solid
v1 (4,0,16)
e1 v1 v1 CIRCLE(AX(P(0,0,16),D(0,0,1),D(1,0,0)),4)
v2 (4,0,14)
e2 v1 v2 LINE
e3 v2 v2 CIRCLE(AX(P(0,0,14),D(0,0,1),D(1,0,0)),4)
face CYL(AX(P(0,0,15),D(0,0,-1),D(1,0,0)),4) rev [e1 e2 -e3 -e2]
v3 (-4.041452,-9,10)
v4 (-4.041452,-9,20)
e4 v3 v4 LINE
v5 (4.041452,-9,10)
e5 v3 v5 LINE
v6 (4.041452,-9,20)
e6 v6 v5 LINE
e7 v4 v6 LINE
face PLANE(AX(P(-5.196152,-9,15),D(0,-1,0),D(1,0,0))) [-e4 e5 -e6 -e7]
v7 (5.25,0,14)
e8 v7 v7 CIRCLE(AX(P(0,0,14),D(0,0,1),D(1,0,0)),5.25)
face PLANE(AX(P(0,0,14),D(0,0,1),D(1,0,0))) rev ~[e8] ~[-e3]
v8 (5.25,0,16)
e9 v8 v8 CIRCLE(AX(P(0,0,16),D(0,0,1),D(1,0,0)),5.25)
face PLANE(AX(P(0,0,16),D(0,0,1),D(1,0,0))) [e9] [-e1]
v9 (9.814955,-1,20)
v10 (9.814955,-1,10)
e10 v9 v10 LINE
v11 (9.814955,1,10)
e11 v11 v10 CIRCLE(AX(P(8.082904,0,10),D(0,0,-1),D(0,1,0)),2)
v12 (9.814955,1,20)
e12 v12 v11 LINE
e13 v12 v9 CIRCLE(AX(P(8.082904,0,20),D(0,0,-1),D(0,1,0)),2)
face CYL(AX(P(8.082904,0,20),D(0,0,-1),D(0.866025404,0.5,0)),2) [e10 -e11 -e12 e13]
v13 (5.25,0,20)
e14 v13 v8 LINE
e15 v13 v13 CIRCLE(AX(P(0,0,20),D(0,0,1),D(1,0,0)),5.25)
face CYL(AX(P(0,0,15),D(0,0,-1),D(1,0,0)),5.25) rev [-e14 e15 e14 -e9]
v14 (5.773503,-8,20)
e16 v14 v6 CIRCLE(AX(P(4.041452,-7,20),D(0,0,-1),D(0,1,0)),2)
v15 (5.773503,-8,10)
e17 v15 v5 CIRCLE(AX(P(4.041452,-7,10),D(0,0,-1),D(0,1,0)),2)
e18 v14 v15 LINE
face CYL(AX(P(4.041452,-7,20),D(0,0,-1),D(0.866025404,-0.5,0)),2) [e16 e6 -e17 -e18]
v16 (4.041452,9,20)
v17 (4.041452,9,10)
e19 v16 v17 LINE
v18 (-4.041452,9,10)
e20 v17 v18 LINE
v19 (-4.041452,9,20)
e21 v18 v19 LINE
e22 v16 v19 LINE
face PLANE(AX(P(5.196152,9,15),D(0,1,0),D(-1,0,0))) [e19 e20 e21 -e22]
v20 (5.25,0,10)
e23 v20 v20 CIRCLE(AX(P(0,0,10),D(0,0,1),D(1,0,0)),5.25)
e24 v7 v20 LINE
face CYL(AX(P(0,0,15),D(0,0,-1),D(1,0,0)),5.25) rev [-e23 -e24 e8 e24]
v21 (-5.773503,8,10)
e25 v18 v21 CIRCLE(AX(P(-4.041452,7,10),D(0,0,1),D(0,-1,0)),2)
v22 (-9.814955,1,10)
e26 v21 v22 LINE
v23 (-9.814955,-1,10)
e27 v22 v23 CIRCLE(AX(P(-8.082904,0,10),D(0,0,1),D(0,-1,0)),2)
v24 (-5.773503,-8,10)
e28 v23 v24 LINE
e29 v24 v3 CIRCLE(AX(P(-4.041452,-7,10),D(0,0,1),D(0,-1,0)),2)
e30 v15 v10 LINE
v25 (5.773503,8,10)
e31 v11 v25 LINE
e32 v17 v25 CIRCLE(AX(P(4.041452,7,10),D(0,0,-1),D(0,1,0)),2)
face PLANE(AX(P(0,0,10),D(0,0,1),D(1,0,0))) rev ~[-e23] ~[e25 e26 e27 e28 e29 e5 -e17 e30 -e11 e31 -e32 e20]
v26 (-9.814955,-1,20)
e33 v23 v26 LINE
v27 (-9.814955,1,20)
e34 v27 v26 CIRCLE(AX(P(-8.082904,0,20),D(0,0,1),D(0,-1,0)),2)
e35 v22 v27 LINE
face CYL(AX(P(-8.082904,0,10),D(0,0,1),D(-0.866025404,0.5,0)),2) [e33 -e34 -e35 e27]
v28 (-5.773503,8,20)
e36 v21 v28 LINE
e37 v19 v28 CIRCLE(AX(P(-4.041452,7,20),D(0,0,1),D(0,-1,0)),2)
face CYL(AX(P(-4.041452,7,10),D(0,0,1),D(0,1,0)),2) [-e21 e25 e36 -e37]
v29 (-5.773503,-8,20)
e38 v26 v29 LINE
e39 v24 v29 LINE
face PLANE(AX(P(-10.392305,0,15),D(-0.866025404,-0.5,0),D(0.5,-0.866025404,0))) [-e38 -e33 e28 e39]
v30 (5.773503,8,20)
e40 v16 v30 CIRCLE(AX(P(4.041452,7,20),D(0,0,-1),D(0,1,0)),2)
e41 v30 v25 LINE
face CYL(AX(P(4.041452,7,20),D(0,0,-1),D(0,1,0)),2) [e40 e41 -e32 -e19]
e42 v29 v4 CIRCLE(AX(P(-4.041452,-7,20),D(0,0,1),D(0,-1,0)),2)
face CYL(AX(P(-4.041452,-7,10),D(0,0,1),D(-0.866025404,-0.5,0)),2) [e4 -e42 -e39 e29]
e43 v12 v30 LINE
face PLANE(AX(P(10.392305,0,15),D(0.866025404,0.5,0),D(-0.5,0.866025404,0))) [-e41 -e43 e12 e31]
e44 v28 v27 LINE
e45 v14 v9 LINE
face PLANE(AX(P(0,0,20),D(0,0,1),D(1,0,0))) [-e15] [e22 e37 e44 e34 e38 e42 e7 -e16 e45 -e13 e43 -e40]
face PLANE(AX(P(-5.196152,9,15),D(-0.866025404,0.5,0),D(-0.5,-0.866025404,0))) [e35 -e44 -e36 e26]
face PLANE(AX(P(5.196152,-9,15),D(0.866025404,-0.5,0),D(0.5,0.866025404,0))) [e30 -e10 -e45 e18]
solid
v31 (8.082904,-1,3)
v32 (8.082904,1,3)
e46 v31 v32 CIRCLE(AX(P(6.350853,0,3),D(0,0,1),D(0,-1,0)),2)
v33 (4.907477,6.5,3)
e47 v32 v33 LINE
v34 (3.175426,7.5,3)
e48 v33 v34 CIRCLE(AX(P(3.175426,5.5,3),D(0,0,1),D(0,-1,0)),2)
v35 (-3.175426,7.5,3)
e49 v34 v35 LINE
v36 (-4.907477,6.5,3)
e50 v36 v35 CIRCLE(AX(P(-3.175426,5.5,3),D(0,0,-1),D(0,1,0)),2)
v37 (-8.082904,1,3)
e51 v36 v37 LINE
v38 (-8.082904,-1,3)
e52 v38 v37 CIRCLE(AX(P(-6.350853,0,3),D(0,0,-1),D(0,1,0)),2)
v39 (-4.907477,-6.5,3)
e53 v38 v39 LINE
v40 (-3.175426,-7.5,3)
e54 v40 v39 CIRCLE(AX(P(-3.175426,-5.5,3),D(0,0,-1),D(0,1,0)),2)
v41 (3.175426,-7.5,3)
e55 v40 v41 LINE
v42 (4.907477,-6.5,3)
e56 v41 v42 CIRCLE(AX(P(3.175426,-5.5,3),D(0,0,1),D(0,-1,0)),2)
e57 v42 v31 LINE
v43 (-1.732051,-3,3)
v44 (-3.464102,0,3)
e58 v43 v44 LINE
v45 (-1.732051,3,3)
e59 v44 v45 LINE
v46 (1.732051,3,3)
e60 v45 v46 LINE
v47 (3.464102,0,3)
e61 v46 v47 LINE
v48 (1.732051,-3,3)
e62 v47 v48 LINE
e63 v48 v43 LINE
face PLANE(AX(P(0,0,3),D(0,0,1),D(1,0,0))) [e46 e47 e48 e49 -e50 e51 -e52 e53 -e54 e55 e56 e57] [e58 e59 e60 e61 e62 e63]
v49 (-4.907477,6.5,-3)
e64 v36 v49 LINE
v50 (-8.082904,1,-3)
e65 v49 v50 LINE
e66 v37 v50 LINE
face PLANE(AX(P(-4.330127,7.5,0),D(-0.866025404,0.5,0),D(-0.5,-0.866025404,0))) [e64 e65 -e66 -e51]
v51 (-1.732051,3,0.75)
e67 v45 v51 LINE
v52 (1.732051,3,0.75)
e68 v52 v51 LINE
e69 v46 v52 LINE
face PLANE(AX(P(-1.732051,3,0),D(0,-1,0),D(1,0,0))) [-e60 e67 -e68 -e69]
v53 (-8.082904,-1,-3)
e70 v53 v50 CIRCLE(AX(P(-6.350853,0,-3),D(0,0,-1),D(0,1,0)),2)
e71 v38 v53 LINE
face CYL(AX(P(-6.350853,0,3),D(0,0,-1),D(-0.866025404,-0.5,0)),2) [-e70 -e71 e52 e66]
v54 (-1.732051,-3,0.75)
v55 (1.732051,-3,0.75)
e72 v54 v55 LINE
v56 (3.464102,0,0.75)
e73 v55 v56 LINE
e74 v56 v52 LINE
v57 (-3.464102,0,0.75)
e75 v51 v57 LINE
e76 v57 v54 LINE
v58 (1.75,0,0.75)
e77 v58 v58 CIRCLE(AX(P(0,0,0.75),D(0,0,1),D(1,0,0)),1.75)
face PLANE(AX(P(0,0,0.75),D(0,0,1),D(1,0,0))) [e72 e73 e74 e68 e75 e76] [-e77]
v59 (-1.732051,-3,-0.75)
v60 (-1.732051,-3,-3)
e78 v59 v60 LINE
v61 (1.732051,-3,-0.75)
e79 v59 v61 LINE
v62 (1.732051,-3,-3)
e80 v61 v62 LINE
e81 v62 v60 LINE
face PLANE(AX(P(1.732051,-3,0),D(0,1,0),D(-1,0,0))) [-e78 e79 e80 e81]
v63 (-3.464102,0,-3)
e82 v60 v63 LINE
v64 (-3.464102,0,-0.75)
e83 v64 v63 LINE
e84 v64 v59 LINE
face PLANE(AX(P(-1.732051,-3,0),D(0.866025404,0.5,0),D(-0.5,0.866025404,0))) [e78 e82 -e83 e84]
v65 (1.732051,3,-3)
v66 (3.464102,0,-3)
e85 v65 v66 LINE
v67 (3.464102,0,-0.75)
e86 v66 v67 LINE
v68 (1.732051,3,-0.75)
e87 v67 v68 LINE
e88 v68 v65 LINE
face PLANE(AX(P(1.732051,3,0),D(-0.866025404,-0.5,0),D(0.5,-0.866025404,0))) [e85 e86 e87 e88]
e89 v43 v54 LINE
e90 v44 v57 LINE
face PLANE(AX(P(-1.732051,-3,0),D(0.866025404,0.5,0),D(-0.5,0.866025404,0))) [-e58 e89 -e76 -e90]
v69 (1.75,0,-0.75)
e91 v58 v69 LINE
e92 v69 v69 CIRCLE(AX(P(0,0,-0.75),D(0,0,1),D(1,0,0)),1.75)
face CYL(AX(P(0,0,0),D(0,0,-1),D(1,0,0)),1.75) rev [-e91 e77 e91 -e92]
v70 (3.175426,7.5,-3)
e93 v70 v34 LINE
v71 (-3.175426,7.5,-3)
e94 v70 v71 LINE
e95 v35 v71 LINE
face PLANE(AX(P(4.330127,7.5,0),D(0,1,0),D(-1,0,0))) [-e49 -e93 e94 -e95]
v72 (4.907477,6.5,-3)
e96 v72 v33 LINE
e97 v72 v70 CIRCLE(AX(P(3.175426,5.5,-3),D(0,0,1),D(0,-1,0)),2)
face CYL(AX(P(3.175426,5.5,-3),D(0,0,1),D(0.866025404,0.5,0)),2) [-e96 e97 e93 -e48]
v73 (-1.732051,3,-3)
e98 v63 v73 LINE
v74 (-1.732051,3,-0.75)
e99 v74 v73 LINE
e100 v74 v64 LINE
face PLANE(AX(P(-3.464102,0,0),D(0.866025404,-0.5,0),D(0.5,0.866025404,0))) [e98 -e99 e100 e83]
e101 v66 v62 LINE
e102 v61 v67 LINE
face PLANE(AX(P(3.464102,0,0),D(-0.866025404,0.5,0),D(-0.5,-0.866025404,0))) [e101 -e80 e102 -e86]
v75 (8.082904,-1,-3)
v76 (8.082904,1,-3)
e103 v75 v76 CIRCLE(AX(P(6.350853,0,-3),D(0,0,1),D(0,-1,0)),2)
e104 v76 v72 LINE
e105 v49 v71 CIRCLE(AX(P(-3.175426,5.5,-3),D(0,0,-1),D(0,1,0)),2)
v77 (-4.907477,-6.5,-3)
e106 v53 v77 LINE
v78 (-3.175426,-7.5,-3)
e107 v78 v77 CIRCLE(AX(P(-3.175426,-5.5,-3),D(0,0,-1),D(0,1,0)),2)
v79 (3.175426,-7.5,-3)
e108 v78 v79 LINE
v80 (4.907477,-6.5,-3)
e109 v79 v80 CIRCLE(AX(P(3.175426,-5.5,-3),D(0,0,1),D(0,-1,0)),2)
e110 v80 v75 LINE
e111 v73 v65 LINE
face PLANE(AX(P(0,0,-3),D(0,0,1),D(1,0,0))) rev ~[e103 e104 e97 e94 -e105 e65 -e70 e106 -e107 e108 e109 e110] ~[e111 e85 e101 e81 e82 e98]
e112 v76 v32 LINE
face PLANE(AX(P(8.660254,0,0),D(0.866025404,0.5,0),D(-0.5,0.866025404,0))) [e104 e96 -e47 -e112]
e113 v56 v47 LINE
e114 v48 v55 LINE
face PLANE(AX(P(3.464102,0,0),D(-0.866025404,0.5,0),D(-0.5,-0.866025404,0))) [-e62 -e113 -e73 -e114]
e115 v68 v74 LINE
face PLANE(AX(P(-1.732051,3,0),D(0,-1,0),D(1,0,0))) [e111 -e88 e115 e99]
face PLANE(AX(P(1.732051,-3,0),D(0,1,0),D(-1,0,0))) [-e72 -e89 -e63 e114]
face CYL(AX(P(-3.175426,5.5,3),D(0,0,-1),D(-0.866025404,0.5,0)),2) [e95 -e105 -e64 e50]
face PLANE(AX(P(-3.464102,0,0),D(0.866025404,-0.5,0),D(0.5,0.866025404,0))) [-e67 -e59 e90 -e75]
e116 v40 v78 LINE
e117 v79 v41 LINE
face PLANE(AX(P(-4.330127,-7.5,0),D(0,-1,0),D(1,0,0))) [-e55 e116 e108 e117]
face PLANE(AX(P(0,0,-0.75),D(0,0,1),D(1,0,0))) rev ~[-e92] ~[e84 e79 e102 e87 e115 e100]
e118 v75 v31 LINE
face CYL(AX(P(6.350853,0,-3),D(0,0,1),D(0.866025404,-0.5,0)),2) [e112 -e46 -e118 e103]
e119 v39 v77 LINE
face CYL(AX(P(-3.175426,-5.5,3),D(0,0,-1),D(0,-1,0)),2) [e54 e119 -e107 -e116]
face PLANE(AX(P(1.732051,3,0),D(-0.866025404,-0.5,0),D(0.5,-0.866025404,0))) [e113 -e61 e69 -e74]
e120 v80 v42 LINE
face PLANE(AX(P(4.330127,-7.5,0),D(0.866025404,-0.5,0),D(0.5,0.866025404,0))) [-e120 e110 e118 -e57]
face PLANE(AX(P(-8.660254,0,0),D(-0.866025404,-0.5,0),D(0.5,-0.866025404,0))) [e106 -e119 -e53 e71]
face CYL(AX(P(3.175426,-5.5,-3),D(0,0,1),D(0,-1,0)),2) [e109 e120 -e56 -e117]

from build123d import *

# Parameters (mm, degrees)
F0_R     = 5.25
F1_DEPTH = 5
F0_R_2   = 4
F2_DEPTH = 1
F5_DEPTH = 3
F4_R     = 1.75
F6_DEPTH = 0.75
F7_R     = 2
F7_2_R   = 2


with BuildPart() as f1:
    # F0 (on Top) → F1 (new body, symmetric)
    with BuildSketch(Plane.XY):
        Polygon((5.1961524227, 9), (-5.1961524227, 9), (-10.3923048454, 0), (-5.1961524227, -9), (5.1961524227, -9), (10.3923048454, 0), align=None)
        Circle(F0_R, mode=Mode.SUBTRACT)
    extrude(amount=F1_DEPTH, both=True)

    # F0 (on Top) → F2 (join, symmetric)
    with BuildSketch(Plane.XY):
        Circle(F0_R)
        Circle(F0_R_2, mode=Mode.SUBTRACT)
    extrude(amount=F2_DEPTH, both=True)


with BuildPart() as f1_1:
    # F3: moved
    add(f1.part.moved(Location((0, 0, 15))))

    # F7
    f7_edges = [f1_1.edges().sort_by_distance(p)[0] for p in [
        (-5.196152, 9, 15),
        (5.196152, 9, 15),
        (-5.196152, -9, 15),
        (5.196152, -9, 15),
        (10.392305, 0, 15),
        (-10.392305, 0, 15),
    ]]
    fillet(f7_edges, radius=F7_R)


with BuildPart() as f5:
    # F4 (on Top) → F5 (new body, symmetric)
    with BuildSketch(Plane.XY):
        Polygon((-4.3301270189, -7.5), (4.3301270189, -7.5), (8.6602540378, 0), (4.3301270189, 7.5), (-4.3301270189, 7.5), (-8.6602540378, 0), align=None)
        Polygon((3.4641016151, 0), (1.7320508076, -3), (-1.7320508076, -3), (-3.4641016151, 0), (-1.7320508076, 3), (1.7320508076, 3), align=None, mode=Mode.SUBTRACT)
    extrude(amount=F5_DEPTH, both=True)

    # F4 (on Top) → F6 (join, symmetric)
    with BuildSketch(Plane.XY):
        Polygon((-1.7320508076, -3), (1.7320508076, -3), (3.4641016151, 0), (1.7320508076, 3), (-1.7320508076, 3), (-3.4641016151, 0), align=None)
        Circle(F4_R, mode=Mode.SUBTRACT)
    extrude(amount=F6_DEPTH, both=True)

    # F7#2
    f7_2_edges = [f5.edges().sort_by_distance(p)[0] for p in [
        (-4.330127, 7.5, 0),
        (4.330127, 7.5, 0),
        (-8.660254, 0, 0),
        (-4.330127, -7.5, 0),
        (4.330127, -7.5, 0),
        (8.660254, 0, 0),
    ]]
    fillet(f7_2_edges, radius=F7_2_R)


solid = Compound([f1_1.part, f5.part])
